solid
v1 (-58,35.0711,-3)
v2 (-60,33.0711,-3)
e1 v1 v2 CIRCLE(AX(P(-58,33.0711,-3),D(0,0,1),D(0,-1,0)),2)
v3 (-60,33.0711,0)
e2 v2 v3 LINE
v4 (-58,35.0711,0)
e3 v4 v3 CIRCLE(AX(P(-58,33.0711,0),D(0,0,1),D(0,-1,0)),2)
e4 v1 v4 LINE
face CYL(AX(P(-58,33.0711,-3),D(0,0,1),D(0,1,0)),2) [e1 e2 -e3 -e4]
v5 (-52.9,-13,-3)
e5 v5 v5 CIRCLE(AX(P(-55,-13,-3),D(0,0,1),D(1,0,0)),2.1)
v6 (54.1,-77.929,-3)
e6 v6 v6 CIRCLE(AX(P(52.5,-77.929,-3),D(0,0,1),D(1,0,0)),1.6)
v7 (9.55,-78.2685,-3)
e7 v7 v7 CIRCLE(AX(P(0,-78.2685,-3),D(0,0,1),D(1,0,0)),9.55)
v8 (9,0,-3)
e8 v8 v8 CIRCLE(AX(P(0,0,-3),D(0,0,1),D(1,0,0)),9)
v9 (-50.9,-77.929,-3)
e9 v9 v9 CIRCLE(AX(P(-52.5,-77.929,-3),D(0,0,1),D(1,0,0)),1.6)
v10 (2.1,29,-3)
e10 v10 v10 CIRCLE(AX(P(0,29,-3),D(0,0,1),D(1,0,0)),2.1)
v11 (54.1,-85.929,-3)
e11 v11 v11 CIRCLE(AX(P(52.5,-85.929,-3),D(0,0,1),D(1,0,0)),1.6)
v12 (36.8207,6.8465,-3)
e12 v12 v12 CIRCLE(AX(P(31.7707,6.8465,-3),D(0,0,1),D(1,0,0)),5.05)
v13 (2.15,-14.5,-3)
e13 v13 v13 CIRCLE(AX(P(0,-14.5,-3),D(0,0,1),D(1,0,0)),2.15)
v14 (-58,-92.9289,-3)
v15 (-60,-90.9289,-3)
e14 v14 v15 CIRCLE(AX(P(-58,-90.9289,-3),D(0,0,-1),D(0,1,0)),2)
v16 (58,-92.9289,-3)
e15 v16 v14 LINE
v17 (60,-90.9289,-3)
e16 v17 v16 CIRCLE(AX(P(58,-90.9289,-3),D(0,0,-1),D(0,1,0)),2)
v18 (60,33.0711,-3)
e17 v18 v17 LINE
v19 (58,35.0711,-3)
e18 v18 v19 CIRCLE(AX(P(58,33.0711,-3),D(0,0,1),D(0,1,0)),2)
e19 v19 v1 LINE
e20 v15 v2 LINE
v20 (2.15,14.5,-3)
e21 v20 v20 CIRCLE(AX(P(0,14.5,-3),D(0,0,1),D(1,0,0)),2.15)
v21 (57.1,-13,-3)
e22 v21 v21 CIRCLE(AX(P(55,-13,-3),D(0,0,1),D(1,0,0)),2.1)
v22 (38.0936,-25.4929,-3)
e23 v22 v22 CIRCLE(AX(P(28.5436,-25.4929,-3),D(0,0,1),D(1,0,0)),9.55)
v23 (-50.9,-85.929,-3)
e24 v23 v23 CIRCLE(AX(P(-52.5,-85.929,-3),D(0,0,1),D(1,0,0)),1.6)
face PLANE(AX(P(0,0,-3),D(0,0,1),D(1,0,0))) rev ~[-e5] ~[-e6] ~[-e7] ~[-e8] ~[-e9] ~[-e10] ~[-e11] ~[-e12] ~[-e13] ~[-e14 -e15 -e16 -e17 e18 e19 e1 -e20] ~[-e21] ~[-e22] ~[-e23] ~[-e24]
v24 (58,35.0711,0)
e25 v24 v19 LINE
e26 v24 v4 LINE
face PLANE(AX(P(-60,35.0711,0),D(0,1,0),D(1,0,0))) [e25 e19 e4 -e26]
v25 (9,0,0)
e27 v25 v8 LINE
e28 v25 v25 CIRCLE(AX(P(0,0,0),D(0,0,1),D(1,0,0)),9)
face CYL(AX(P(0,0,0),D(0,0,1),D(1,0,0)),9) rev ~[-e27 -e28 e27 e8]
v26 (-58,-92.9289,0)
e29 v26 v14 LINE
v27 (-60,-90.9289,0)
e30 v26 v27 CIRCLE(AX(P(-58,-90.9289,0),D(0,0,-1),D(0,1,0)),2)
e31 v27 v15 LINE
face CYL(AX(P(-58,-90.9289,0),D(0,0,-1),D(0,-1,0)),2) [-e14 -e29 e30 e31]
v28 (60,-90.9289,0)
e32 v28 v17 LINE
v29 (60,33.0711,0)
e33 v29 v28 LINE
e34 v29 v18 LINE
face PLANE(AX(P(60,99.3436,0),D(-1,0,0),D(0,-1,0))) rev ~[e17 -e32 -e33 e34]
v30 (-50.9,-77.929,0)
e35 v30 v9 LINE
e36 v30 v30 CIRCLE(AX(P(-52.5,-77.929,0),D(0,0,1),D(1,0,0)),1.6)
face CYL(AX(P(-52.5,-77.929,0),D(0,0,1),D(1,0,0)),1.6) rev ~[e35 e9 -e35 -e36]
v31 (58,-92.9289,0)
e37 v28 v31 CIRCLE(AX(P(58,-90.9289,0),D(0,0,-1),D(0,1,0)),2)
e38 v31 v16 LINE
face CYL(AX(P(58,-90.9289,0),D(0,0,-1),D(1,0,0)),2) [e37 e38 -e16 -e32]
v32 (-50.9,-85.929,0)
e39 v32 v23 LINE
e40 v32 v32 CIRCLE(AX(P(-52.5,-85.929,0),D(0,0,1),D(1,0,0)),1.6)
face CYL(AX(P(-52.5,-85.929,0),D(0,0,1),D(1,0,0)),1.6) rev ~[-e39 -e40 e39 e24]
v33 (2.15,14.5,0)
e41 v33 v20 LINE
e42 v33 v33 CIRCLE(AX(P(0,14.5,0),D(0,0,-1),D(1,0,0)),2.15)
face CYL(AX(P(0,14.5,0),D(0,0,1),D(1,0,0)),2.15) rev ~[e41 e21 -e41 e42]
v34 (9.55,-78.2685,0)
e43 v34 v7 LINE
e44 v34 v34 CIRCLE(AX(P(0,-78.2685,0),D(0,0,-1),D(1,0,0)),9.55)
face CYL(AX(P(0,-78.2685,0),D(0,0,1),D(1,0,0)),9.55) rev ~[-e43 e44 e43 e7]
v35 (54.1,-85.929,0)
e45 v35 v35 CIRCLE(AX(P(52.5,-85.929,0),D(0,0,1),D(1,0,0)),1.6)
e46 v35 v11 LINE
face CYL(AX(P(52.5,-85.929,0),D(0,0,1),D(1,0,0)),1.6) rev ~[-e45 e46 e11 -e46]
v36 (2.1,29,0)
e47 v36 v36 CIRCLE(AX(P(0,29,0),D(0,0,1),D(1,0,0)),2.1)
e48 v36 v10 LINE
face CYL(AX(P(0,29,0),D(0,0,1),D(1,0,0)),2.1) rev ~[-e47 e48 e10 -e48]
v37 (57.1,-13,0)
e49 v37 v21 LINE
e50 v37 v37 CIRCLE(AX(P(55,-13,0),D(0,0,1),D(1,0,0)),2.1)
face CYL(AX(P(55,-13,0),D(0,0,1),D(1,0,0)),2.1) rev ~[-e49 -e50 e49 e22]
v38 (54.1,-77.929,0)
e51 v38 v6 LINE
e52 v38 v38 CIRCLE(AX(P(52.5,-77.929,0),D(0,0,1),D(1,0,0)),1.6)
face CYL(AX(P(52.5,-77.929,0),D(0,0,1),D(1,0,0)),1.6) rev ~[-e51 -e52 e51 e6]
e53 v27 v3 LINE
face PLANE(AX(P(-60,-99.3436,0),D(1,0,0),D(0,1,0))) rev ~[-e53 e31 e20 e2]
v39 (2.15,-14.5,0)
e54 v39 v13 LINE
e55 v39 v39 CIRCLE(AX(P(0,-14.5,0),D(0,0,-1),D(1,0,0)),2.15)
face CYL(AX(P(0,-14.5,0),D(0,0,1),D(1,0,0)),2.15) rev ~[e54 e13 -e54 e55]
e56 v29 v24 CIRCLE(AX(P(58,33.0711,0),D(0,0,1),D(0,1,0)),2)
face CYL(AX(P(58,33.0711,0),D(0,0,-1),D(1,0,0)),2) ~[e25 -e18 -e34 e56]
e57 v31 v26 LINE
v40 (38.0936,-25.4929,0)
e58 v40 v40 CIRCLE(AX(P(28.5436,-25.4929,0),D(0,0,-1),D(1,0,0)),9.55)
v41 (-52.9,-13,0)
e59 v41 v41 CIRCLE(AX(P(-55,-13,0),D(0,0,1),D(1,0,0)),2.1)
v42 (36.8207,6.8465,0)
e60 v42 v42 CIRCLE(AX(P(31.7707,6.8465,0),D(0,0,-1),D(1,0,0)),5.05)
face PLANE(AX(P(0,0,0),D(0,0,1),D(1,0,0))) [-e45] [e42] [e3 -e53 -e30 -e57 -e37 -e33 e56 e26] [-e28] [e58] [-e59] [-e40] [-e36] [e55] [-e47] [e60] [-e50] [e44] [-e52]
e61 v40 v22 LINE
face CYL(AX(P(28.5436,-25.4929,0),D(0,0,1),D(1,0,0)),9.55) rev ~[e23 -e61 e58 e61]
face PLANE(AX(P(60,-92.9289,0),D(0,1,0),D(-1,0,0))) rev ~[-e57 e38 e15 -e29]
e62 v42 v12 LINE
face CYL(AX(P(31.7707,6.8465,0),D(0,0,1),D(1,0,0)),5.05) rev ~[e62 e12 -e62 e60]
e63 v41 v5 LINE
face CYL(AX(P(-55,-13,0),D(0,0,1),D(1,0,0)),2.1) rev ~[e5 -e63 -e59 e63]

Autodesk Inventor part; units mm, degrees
ref_plane "YZ Plane" through (0, 0, 0) normal (1, 0, 0) x (0, 1, 0)
ref_plane "XZ Plane" through (0, 0, 0) normal (0, 1, 0) x (-1, 0, 0)
ref_plane "XY Plane" through (0, 0, 0) normal (0, 0, 1) x (1, 0, 0)
sketch "スケッチ3" plane through (0, 0, 0) normal (0, 0, 1) x (1, 0, 0)
  line L0 (60, -99.3436) -> (-60, -99.3436)
  line L1 (-60, -99.3436) -> (-60, 99.3436)
  line L2 (-60, 99.3436) -> (60, 99.3436)
  line L3 (60, 99.3436) -> (60, -99.3436)
  line L4 (60, -99.3436) -> (-60, 99.3436) construction
  line L5 (-60, -99.3436) -> (60, 99.3436) construction
  point P0 (0, 0)
  dimension "d25" = 120
extrude "押し出し1" add sketch "スケッチ3" against normal blind 3
sketch "スケッチ4" plane through (0, 0, 0) normal (0, 0, 1) x (1, 0, 0)
  line L0 (0, 45.0711) -> (68.3595, 45.0711)
  line L1 (68.3595, 45.0711) -> (-74.3824, 45.0711)
  line L2 (-74.3824, 45.0711) -> (108.1656, 45.0711)
  line L3 (108.1656, 45.0711) -> (108.1656, 129.4154)
  line L4 (108.1656, 129.4154) -> (-74.3824, 129.4154)
  line L5 (-74.3824, 129.4154) -> (-74.3824, 45.0711)
  point P0 (0, 0)
extrude "押し出し4" cut sketch "スケッチ4" against normal blind 10
sketch "スケッチ12" plane through (0, 0, 0) normal (0, 0, 1) x (1, 0, 0)
  circle A0 centre (0, 0) radius 9
  circle A1 centre (0, 0) radius 22.5
  dimension "d85" = 18
  dimension "d93" = 45
sketch "スケッチ13" plane through (0, 0, 0) normal (0, 0, 1) x (1, 0, 0)
  circle A0 centre (0, 0) radius 7.5
  circle A1 centre (0, 0) radius 32.5
  circle A2 centre (31.7707, 6.8465) radius 25
  circle A3 centre (31.7707, 6.8465) radius 7.5
  circle A4 centre (31.7707, 6.8465) radius 32.5
  circle A5 centre (28.5436, -25.4929) radius 25
  circle A6 centre (28.5436, -25.4929) radius 20
  circle A7 centre (28.5436, -25.4929) radius 60
  circle A8 centre (0, -78.2685) radius 40
  circle A9 centre (0, -78.2685) radius 50
  circle A10 centre (31.7707, 6.8465) radius 5.05
  circle A11 centre (28.5436, -25.4929) radius 9.55
  circle A12 centre (0, -78.2685) radius 9.55
  dimension "d87" = 65
  dimension "d89" = 65
  dimension "d91" = 120
  dimension "d86" = 15
  dimension "d88" = 15
  dimension "d90" = 40
  dimension "d92" = 100
  dimension "d96" = 10.1
  dimension "d97" = 19.1
  dimension "d98" = 19.1
extrude "押し出し15" cut sketch "スケッチ12" against normal blind 10 contours A0
extrude "押し出し16" cut sketch "スケッチ13" against normal blind 10 contours A10 A1 | A1 A10 | A11 A1 A2 | A2 A1 A4 A11 | A4 A1 A11 | A2 A11 A4 A1 | A1 A11 A2 | A4 A11 A1 | A12 A7 | A7 A12
sketch "スケッチ14" plane through (0, 0, 0) normal (0, 0, 1) x (1, 0, 0)
  line L0 (-60, -99.3436) -> (-60, 45.0711) projected
  line L1 (60, 45.0711) -> (60, -99.3436) projected
  line L2 (-60, 45.0711) -> (60, 45.0711)
  line L3 (60, 45.0711) -> (60, -92.9289)
  line L4 (60, -92.9289) -> (-60, -92.9289)
  line L5 (-60, -92.9289) -> (-60, 45.0711)
  point P0 (0, 0)
  dimension "d101" = 138
extrude "押し出し17" cut sketch "スケッチ14" against normal blind 10 keep common part
sketch "スケッチ15" plane through (-60, 45.0711, 0) normal (0, 1, 0) x (1, 0, 0)
  line L0 (-15.5399, 21.7204) -> (138.9638, 21.7204)
  line L1 (138.9638, 21.7204) -> (138.9638, -41.1938)
  line L2 (138.9638, -41.1938) -> (-15.5399, -41.1938)
  line L3 (-15.5399, -41.1938) -> (-15.5399, 21.7204)
  point P0 (60, 0)
extrude "押し出し18" cut sketch "スケッチ15" against normal blind 10
sketch "スケッチ16" plane through (0, 0, 0) normal (0, 0, 1) x (1, 0, 0)
  circle A0 centre (31.7707, 6.8465) radius 5.05 projected
  circle A1 centre (31.7707, 6.8465) radius 25
  circle A2 centre (28.5436, -25.4929) radius 9.55 projected
  circle A3 centre (28.5436, -25.4929) radius 25
  circle A4 centre (55, -13) radius 2.1
  circle A5 centre (-55, -13) radius 2.1
  circle A6 centre (0, 29) radius 2.1
  point P0 (0, 0)
  dimension "d109" = 50
  dimension "d110" = 50
  dimension "d111" = 4.2
  dimension "d112" = 4.2
  dimension "d113" = 4.2
extrude "押し出し19" cut sketch "スケッチ16" against normal blind 10 contours A4 | A5 | A6
sketch "スケッチ17" plane through (0, 0, 0) normal (0, 0, 1) x (1, 0, 0)
  line L0 (0, 0) -> (0, 14.5)
  line L1 (0, 14.5) -> (0, -14.5)
  circle A0 centre (0, 14.5) radius 2.15
  circle A1 centre (0, -14.5) radius 2.15
  dimension "d116" = 14.5
  dimension "d117" = 29
  dimension "d118" = 4.3
  dimension "d119" = 4.3
extrude "押し出し20" cut sketch "スケッチ17" against normal blind 10
sketch "スケッチ18" plane through (0, 0, 0) normal (0, 0, 1) x (1, 0, 0)
  circle A0 centre (-52.5, -85.929) radius 1.6
  circle A1 centre (-52.5, -77.929) radius 1.6
  circle A2 centre (52.5, -77.929) radius 1.6
  circle A3 centre (52.5, -85.929) radius 1.6
  point P0 (0, 0)
  dimension "d122" = 3.2
  dimension "d123" = 3.2
  dimension "d124" = 3.2
  dimension "d125" = 3.2
extrude "押し出し21" cut sketch "スケッチ18" against normal blind 3.2
fillet "フィレット2" radius 2 4 edges at (-60, 35.0711, -1.5) (60, 35.0711, -1.5) (60, -92.9289, -1.5) (-60, -92.9289, -1.5)
properties part number "板2" material "アルミニウム 6061"
